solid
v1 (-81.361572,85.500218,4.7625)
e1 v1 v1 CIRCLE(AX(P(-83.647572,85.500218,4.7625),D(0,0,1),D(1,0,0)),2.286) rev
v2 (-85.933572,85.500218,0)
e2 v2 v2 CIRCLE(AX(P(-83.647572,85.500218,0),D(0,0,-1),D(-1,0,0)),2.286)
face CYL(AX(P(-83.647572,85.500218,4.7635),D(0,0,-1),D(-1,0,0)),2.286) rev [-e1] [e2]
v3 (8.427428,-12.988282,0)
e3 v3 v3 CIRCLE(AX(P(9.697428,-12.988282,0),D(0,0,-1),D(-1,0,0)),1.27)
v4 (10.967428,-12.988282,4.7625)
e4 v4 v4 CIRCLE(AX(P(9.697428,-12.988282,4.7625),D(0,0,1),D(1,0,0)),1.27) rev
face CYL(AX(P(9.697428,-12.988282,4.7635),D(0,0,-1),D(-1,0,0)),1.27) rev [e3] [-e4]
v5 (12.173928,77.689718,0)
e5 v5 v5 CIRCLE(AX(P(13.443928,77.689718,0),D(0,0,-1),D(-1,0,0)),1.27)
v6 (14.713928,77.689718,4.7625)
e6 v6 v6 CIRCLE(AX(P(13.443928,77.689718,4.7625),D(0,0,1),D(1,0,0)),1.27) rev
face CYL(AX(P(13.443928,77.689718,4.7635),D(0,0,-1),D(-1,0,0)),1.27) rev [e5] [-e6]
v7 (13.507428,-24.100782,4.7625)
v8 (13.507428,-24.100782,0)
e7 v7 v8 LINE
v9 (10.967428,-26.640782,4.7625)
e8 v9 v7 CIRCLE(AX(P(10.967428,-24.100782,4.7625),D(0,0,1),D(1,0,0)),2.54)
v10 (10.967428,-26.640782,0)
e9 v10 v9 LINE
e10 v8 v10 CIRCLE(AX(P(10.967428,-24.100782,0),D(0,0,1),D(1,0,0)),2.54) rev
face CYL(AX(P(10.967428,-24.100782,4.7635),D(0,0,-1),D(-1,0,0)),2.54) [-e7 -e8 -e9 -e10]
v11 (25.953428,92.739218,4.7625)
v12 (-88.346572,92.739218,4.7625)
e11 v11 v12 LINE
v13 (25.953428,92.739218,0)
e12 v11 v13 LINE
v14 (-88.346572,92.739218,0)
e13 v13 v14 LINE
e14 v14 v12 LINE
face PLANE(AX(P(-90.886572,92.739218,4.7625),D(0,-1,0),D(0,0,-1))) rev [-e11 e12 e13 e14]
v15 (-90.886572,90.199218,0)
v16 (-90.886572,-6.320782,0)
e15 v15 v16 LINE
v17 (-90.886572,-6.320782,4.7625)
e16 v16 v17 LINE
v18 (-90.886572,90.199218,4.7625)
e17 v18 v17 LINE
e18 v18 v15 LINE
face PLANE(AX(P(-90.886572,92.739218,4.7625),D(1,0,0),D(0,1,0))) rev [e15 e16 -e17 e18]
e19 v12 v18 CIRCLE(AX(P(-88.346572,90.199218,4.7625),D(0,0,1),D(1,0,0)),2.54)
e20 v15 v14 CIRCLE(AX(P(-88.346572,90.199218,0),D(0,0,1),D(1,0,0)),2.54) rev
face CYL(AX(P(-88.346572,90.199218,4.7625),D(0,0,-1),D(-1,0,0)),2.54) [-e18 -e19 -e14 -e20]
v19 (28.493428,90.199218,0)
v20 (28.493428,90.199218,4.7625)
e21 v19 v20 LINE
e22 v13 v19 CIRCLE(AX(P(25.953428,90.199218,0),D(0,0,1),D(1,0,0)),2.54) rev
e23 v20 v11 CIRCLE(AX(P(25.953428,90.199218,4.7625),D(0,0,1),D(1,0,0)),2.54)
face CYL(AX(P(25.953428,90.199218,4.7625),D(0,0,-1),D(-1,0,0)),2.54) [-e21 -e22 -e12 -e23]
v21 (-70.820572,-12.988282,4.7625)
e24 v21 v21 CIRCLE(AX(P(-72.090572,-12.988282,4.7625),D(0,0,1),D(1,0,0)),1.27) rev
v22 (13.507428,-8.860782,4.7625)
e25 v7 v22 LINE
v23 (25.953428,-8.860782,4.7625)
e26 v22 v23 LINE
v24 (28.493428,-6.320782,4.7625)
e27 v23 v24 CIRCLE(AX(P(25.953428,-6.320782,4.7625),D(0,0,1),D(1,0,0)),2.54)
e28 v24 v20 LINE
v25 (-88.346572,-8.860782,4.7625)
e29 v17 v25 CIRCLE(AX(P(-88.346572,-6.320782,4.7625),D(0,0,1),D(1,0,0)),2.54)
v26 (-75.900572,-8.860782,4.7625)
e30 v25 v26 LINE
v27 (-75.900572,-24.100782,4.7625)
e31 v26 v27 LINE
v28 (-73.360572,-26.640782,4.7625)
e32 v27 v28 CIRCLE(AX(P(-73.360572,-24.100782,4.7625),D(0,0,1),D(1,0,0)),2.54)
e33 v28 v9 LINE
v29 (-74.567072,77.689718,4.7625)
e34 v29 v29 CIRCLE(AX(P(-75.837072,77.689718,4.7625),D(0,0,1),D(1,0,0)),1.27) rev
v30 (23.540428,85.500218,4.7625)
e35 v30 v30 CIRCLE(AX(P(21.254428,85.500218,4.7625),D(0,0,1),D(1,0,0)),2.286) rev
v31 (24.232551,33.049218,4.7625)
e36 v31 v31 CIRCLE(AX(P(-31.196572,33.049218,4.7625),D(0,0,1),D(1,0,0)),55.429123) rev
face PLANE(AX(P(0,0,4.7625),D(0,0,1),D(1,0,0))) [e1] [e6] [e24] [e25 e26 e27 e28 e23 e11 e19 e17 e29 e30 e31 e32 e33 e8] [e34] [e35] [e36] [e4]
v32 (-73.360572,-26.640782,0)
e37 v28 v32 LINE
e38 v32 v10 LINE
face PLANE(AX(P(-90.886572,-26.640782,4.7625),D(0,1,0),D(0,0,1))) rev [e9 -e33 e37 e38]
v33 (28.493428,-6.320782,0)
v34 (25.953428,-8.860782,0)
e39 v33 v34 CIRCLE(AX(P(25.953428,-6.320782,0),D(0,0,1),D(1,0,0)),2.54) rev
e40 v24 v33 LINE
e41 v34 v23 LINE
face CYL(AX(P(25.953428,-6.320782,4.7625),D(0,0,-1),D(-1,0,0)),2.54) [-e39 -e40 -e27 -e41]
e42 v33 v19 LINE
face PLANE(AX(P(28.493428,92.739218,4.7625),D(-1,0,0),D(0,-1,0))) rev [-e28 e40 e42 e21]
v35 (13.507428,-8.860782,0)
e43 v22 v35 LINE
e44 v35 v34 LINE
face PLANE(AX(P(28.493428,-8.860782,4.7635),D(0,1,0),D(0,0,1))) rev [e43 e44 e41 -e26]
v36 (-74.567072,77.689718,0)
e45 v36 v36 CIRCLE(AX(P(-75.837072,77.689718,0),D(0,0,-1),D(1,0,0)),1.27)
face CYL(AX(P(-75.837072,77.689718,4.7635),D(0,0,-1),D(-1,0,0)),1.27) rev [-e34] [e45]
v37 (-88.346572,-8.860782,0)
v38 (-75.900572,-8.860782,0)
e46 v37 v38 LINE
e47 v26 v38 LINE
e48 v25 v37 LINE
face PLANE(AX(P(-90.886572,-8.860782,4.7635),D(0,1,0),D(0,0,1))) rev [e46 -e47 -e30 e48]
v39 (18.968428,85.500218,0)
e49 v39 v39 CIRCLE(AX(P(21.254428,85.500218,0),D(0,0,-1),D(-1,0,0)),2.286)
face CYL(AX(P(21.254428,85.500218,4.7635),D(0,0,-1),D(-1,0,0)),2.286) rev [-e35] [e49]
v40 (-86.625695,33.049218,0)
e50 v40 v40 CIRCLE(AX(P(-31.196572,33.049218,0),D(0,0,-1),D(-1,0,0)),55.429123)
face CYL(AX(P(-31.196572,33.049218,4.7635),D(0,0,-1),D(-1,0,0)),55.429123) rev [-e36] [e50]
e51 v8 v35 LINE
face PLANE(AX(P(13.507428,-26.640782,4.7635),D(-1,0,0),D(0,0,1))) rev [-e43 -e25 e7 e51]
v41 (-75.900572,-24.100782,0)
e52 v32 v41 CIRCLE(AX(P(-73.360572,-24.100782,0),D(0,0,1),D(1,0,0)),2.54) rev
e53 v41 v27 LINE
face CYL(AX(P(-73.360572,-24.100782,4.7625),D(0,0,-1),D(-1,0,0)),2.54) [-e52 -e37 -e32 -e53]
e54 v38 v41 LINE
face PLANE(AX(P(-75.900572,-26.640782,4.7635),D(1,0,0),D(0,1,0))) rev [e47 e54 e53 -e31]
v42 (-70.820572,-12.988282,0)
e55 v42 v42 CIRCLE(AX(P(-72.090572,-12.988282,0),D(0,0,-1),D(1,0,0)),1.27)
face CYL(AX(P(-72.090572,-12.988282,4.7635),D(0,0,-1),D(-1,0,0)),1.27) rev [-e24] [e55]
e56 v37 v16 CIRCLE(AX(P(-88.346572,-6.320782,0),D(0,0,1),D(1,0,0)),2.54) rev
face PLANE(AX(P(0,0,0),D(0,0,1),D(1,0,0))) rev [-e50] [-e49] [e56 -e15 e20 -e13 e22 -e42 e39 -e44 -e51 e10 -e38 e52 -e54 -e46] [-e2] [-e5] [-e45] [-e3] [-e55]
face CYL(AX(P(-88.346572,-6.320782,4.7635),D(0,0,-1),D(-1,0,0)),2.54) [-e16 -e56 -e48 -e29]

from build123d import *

# Parameters (mm, degrees)
SKETCH1_W           = 119.38
SKETCH1_H           = 119.38
BOSS_EXTRUDE1_DEPTH = 4.7625
CUT_EXTRUDE1_REACH  = 131.937
SKETCH2_R           = 2.286
SKETCH2_R_2         = 1.27
SKETCH2_R_3         = 55.42912263
CUT_EXTRUDE2_REACH  = 131.937
SKETCH4_W           = 14.986
SKETCH4_H           = 17.78
FILLET2_R           = 2.54
FILLET3_R           = 2.54


with BuildPart() as part:
    # Sketch1 → Boss-Extrude1 (new body)
    with BuildSketch(Plane.XY):
        with Locations((-31.19657191, 33.049217791)):
            Rectangle(SKETCH1_W, SKETCH1_H)
    extrude(amount=BOSS_EXTRUDE1_DEPTH)

    # Sketch2 → Cut-Extrude1 (cut, up to next)
    with BuildSketch(Plane(origin=(0, 0, 0), x_dir=(-1, 0, 0), z_dir=(0, 0, -1)), mode=Mode.PRIVATE) as cut_extrude1_sk1:
        with Locations((-21.25442809, 85.500217791)):
            Circle(SKETCH2_R)
    cut_extrude1_tool1 = extrude(cut_extrude1_sk1.sketch, amount=-CUT_EXTRUDE1_REACH, mode=Mode.PRIVATE) & part.part
    # Sketch2 → Cut-Extrude1 (cut, up to next)
    with BuildSketch(Plane(origin=(0, 0, 0), x_dir=(-1, 0, 0), z_dir=(0, 0, -1)), mode=Mode.PRIVATE) as cut_extrude1_sk2:
        with Locations((83.64757191, 85.500217791)):
            Circle(SKETCH2_R)
    cut_extrude1_tool2 = extrude(cut_extrude1_sk2.sketch, amount=-CUT_EXTRUDE1_REACH, mode=Mode.PRIVATE) & part.part
    # Sketch2 → Cut-Extrude1 (cut, up to next)
    with BuildSketch(Plane(origin=(0, 0, 0), x_dir=(-1, 0, 0), z_dir=(0, 0, -1)), mode=Mode.PRIVATE) as cut_extrude1_sk3:
        with Locations(Location((72.09057191, -12.988282209, 0), (0, 0, 180))):
            Circle(SKETCH2_R_2)
    cut_extrude1_tool3 = extrude(cut_extrude1_sk3.sketch, amount=-CUT_EXTRUDE1_REACH, mode=Mode.PRIVATE) & part.part
    # Sketch2 → Cut-Extrude1 (cut, up to next)
    with BuildSketch(Plane(origin=(0, 0, 0), x_dir=(-1, 0, 0), z_dir=(0, 0, -1)), mode=Mode.PRIVATE) as cut_extrude1_sk4:
        with Locations((31.19657191, 33.049217791)):
            Circle(SKETCH2_R_3)
    cut_extrude1_tool4 = extrude(cut_extrude1_sk4.sketch, amount=-CUT_EXTRUDE1_REACH, mode=Mode.PRIVATE) & part.part
    # Sketch2 → Cut-Extrude1 (cut, up to next)
    with BuildSketch(Plane(origin=(0, 0, 0), x_dir=(-1, 0, 0), z_dir=(0, 0, -1)), mode=Mode.PRIVATE) as cut_extrude1_sk5:
        with Locations((-13.44392809, 77.689717791)):
            Circle(SKETCH2_R_2)
    cut_extrude1_tool5 = extrude(cut_extrude1_sk5.sketch, amount=-CUT_EXTRUDE1_REACH, mode=Mode.PRIVATE) & part.part
    # Sketch2 → Cut-Extrude1 (cut, up to next)
    with BuildSketch(Plane(origin=(0, 0, 0), x_dir=(-1, 0, 0), z_dir=(0, 0, -1)), mode=Mode.PRIVATE) as cut_extrude1_sk6:
        with Locations(Location((75.83707191, 77.689717791, 0), (0, 0, 180))):
            Circle(SKETCH2_R_2)
    cut_extrude1_tool6 = extrude(cut_extrude1_sk6.sketch, amount=-CUT_EXTRUDE1_REACH, mode=Mode.PRIVATE) & part.part
    # Sketch2 → Cut-Extrude1 (cut, up to next)
    with BuildSketch(Plane(origin=(0, 0, 0), x_dir=(-1, 0, 0), z_dir=(0, 0, -1)), mode=Mode.PRIVATE) as cut_extrude1_sk7:
        with Locations((-9.69742809, -12.988282209)):
            Circle(SKETCH2_R_2)
    cut_extrude1_tool7 = extrude(cut_extrude1_sk7.sketch, amount=-CUT_EXTRUDE1_REACH, mode=Mode.PRIVATE) & part.part
    add(cut_extrude1_tool1.solids().sort_by_distance((21.254428, 85.500218, 0))[0], mode=Mode.SUBTRACT)
    add(cut_extrude1_tool2.solids().sort_by_distance((-83.647572, 85.500218, 0))[0], mode=Mode.SUBTRACT)
    add(cut_extrude1_tool3.solids().sort_by_distance((-72.090572, -12.988282, 0))[0], mode=Mode.SUBTRACT)
    add(cut_extrude1_tool4.solids().sort_by_distance((-31.196572, 33.049218, 0))[0], mode=Mode.SUBTRACT)
    add(cut_extrude1_tool5.solids().sort_by_distance((13.443928, 77.689718, 0))[0], mode=Mode.SUBTRACT)
    add(cut_extrude1_tool6.solids().sort_by_distance((-75.837072, 77.689718, 0))[0], mode=Mode.SUBTRACT)
    add(cut_extrude1_tool7.solids().sort_by_distance((9.697428, -12.988282, 0))[0], mode=Mode.SUBTRACT)

    # Sketch4 → Cut-Extrude2 (cut, up to next)
    with BuildSketch(Plane(origin=(0, 0, 0), x_dir=(-1, 0, 0), z_dir=(0, 0, -1)), mode=Mode.PRIVATE) as cut_extrude2_sk1:
        with Locations((-21.00042809, -17.750782209)):
            Rectangle(SKETCH4_W, SKETCH4_H)
    cut_extrude2_tool1 = extrude(cut_extrude2_sk1.sketch, amount=-CUT_EXTRUDE2_REACH, mode=Mode.PRIVATE) & part.part
    # Sketch4 → Cut-Extrude2 (cut, up to next)
    with BuildSketch(Plane(origin=(0, 0, 0), x_dir=(-1, 0, 0), z_dir=(0, 0, -1)), mode=Mode.PRIVATE) as cut_extrude2_sk2:
        with Locations((83.39357191, -17.750782209)):
            Rectangle(SKETCH4_W, SKETCH4_H)
    cut_extrude2_tool2 = extrude(cut_extrude2_sk2.sketch, amount=-CUT_EXTRUDE2_REACH, mode=Mode.PRIVATE) & part.part
    add(cut_extrude2_tool1.solids().sort_by_distance((21.000428, -17.750782, 0))[0], mode=Mode.SUBTRACT)
    add(cut_extrude2_tool2.solids().sort_by_distance((-83.393572, -17.750782, 0))[0], mode=Mode.SUBTRACT)

    # Fillet2
    fillet2_edges = [part.edges().sort_by_distance(p)[0] for p in [
        (-90.88657191, 92.739217791, 2.38125),
        (28.49342809, 92.739217791, 2.38125),
    ]]
    fillet(fillet2_edges, radius=FILLET2_R)

    # Fillet3
    fillet3_edges = [part.edges().sort_by_distance(p)[0] for p in [
        (28.49342809, -8.860782209, 2.38125),
        (13.50742809, -26.640782209, 2.38125),
        (-75.90057191, -26.640782209, 2.38125),
        (-90.88657191, -8.860782209, 2.38125),
    ]]
    fillet(fillet3_edges, radius=FILLET3_R)


solid = part.part
